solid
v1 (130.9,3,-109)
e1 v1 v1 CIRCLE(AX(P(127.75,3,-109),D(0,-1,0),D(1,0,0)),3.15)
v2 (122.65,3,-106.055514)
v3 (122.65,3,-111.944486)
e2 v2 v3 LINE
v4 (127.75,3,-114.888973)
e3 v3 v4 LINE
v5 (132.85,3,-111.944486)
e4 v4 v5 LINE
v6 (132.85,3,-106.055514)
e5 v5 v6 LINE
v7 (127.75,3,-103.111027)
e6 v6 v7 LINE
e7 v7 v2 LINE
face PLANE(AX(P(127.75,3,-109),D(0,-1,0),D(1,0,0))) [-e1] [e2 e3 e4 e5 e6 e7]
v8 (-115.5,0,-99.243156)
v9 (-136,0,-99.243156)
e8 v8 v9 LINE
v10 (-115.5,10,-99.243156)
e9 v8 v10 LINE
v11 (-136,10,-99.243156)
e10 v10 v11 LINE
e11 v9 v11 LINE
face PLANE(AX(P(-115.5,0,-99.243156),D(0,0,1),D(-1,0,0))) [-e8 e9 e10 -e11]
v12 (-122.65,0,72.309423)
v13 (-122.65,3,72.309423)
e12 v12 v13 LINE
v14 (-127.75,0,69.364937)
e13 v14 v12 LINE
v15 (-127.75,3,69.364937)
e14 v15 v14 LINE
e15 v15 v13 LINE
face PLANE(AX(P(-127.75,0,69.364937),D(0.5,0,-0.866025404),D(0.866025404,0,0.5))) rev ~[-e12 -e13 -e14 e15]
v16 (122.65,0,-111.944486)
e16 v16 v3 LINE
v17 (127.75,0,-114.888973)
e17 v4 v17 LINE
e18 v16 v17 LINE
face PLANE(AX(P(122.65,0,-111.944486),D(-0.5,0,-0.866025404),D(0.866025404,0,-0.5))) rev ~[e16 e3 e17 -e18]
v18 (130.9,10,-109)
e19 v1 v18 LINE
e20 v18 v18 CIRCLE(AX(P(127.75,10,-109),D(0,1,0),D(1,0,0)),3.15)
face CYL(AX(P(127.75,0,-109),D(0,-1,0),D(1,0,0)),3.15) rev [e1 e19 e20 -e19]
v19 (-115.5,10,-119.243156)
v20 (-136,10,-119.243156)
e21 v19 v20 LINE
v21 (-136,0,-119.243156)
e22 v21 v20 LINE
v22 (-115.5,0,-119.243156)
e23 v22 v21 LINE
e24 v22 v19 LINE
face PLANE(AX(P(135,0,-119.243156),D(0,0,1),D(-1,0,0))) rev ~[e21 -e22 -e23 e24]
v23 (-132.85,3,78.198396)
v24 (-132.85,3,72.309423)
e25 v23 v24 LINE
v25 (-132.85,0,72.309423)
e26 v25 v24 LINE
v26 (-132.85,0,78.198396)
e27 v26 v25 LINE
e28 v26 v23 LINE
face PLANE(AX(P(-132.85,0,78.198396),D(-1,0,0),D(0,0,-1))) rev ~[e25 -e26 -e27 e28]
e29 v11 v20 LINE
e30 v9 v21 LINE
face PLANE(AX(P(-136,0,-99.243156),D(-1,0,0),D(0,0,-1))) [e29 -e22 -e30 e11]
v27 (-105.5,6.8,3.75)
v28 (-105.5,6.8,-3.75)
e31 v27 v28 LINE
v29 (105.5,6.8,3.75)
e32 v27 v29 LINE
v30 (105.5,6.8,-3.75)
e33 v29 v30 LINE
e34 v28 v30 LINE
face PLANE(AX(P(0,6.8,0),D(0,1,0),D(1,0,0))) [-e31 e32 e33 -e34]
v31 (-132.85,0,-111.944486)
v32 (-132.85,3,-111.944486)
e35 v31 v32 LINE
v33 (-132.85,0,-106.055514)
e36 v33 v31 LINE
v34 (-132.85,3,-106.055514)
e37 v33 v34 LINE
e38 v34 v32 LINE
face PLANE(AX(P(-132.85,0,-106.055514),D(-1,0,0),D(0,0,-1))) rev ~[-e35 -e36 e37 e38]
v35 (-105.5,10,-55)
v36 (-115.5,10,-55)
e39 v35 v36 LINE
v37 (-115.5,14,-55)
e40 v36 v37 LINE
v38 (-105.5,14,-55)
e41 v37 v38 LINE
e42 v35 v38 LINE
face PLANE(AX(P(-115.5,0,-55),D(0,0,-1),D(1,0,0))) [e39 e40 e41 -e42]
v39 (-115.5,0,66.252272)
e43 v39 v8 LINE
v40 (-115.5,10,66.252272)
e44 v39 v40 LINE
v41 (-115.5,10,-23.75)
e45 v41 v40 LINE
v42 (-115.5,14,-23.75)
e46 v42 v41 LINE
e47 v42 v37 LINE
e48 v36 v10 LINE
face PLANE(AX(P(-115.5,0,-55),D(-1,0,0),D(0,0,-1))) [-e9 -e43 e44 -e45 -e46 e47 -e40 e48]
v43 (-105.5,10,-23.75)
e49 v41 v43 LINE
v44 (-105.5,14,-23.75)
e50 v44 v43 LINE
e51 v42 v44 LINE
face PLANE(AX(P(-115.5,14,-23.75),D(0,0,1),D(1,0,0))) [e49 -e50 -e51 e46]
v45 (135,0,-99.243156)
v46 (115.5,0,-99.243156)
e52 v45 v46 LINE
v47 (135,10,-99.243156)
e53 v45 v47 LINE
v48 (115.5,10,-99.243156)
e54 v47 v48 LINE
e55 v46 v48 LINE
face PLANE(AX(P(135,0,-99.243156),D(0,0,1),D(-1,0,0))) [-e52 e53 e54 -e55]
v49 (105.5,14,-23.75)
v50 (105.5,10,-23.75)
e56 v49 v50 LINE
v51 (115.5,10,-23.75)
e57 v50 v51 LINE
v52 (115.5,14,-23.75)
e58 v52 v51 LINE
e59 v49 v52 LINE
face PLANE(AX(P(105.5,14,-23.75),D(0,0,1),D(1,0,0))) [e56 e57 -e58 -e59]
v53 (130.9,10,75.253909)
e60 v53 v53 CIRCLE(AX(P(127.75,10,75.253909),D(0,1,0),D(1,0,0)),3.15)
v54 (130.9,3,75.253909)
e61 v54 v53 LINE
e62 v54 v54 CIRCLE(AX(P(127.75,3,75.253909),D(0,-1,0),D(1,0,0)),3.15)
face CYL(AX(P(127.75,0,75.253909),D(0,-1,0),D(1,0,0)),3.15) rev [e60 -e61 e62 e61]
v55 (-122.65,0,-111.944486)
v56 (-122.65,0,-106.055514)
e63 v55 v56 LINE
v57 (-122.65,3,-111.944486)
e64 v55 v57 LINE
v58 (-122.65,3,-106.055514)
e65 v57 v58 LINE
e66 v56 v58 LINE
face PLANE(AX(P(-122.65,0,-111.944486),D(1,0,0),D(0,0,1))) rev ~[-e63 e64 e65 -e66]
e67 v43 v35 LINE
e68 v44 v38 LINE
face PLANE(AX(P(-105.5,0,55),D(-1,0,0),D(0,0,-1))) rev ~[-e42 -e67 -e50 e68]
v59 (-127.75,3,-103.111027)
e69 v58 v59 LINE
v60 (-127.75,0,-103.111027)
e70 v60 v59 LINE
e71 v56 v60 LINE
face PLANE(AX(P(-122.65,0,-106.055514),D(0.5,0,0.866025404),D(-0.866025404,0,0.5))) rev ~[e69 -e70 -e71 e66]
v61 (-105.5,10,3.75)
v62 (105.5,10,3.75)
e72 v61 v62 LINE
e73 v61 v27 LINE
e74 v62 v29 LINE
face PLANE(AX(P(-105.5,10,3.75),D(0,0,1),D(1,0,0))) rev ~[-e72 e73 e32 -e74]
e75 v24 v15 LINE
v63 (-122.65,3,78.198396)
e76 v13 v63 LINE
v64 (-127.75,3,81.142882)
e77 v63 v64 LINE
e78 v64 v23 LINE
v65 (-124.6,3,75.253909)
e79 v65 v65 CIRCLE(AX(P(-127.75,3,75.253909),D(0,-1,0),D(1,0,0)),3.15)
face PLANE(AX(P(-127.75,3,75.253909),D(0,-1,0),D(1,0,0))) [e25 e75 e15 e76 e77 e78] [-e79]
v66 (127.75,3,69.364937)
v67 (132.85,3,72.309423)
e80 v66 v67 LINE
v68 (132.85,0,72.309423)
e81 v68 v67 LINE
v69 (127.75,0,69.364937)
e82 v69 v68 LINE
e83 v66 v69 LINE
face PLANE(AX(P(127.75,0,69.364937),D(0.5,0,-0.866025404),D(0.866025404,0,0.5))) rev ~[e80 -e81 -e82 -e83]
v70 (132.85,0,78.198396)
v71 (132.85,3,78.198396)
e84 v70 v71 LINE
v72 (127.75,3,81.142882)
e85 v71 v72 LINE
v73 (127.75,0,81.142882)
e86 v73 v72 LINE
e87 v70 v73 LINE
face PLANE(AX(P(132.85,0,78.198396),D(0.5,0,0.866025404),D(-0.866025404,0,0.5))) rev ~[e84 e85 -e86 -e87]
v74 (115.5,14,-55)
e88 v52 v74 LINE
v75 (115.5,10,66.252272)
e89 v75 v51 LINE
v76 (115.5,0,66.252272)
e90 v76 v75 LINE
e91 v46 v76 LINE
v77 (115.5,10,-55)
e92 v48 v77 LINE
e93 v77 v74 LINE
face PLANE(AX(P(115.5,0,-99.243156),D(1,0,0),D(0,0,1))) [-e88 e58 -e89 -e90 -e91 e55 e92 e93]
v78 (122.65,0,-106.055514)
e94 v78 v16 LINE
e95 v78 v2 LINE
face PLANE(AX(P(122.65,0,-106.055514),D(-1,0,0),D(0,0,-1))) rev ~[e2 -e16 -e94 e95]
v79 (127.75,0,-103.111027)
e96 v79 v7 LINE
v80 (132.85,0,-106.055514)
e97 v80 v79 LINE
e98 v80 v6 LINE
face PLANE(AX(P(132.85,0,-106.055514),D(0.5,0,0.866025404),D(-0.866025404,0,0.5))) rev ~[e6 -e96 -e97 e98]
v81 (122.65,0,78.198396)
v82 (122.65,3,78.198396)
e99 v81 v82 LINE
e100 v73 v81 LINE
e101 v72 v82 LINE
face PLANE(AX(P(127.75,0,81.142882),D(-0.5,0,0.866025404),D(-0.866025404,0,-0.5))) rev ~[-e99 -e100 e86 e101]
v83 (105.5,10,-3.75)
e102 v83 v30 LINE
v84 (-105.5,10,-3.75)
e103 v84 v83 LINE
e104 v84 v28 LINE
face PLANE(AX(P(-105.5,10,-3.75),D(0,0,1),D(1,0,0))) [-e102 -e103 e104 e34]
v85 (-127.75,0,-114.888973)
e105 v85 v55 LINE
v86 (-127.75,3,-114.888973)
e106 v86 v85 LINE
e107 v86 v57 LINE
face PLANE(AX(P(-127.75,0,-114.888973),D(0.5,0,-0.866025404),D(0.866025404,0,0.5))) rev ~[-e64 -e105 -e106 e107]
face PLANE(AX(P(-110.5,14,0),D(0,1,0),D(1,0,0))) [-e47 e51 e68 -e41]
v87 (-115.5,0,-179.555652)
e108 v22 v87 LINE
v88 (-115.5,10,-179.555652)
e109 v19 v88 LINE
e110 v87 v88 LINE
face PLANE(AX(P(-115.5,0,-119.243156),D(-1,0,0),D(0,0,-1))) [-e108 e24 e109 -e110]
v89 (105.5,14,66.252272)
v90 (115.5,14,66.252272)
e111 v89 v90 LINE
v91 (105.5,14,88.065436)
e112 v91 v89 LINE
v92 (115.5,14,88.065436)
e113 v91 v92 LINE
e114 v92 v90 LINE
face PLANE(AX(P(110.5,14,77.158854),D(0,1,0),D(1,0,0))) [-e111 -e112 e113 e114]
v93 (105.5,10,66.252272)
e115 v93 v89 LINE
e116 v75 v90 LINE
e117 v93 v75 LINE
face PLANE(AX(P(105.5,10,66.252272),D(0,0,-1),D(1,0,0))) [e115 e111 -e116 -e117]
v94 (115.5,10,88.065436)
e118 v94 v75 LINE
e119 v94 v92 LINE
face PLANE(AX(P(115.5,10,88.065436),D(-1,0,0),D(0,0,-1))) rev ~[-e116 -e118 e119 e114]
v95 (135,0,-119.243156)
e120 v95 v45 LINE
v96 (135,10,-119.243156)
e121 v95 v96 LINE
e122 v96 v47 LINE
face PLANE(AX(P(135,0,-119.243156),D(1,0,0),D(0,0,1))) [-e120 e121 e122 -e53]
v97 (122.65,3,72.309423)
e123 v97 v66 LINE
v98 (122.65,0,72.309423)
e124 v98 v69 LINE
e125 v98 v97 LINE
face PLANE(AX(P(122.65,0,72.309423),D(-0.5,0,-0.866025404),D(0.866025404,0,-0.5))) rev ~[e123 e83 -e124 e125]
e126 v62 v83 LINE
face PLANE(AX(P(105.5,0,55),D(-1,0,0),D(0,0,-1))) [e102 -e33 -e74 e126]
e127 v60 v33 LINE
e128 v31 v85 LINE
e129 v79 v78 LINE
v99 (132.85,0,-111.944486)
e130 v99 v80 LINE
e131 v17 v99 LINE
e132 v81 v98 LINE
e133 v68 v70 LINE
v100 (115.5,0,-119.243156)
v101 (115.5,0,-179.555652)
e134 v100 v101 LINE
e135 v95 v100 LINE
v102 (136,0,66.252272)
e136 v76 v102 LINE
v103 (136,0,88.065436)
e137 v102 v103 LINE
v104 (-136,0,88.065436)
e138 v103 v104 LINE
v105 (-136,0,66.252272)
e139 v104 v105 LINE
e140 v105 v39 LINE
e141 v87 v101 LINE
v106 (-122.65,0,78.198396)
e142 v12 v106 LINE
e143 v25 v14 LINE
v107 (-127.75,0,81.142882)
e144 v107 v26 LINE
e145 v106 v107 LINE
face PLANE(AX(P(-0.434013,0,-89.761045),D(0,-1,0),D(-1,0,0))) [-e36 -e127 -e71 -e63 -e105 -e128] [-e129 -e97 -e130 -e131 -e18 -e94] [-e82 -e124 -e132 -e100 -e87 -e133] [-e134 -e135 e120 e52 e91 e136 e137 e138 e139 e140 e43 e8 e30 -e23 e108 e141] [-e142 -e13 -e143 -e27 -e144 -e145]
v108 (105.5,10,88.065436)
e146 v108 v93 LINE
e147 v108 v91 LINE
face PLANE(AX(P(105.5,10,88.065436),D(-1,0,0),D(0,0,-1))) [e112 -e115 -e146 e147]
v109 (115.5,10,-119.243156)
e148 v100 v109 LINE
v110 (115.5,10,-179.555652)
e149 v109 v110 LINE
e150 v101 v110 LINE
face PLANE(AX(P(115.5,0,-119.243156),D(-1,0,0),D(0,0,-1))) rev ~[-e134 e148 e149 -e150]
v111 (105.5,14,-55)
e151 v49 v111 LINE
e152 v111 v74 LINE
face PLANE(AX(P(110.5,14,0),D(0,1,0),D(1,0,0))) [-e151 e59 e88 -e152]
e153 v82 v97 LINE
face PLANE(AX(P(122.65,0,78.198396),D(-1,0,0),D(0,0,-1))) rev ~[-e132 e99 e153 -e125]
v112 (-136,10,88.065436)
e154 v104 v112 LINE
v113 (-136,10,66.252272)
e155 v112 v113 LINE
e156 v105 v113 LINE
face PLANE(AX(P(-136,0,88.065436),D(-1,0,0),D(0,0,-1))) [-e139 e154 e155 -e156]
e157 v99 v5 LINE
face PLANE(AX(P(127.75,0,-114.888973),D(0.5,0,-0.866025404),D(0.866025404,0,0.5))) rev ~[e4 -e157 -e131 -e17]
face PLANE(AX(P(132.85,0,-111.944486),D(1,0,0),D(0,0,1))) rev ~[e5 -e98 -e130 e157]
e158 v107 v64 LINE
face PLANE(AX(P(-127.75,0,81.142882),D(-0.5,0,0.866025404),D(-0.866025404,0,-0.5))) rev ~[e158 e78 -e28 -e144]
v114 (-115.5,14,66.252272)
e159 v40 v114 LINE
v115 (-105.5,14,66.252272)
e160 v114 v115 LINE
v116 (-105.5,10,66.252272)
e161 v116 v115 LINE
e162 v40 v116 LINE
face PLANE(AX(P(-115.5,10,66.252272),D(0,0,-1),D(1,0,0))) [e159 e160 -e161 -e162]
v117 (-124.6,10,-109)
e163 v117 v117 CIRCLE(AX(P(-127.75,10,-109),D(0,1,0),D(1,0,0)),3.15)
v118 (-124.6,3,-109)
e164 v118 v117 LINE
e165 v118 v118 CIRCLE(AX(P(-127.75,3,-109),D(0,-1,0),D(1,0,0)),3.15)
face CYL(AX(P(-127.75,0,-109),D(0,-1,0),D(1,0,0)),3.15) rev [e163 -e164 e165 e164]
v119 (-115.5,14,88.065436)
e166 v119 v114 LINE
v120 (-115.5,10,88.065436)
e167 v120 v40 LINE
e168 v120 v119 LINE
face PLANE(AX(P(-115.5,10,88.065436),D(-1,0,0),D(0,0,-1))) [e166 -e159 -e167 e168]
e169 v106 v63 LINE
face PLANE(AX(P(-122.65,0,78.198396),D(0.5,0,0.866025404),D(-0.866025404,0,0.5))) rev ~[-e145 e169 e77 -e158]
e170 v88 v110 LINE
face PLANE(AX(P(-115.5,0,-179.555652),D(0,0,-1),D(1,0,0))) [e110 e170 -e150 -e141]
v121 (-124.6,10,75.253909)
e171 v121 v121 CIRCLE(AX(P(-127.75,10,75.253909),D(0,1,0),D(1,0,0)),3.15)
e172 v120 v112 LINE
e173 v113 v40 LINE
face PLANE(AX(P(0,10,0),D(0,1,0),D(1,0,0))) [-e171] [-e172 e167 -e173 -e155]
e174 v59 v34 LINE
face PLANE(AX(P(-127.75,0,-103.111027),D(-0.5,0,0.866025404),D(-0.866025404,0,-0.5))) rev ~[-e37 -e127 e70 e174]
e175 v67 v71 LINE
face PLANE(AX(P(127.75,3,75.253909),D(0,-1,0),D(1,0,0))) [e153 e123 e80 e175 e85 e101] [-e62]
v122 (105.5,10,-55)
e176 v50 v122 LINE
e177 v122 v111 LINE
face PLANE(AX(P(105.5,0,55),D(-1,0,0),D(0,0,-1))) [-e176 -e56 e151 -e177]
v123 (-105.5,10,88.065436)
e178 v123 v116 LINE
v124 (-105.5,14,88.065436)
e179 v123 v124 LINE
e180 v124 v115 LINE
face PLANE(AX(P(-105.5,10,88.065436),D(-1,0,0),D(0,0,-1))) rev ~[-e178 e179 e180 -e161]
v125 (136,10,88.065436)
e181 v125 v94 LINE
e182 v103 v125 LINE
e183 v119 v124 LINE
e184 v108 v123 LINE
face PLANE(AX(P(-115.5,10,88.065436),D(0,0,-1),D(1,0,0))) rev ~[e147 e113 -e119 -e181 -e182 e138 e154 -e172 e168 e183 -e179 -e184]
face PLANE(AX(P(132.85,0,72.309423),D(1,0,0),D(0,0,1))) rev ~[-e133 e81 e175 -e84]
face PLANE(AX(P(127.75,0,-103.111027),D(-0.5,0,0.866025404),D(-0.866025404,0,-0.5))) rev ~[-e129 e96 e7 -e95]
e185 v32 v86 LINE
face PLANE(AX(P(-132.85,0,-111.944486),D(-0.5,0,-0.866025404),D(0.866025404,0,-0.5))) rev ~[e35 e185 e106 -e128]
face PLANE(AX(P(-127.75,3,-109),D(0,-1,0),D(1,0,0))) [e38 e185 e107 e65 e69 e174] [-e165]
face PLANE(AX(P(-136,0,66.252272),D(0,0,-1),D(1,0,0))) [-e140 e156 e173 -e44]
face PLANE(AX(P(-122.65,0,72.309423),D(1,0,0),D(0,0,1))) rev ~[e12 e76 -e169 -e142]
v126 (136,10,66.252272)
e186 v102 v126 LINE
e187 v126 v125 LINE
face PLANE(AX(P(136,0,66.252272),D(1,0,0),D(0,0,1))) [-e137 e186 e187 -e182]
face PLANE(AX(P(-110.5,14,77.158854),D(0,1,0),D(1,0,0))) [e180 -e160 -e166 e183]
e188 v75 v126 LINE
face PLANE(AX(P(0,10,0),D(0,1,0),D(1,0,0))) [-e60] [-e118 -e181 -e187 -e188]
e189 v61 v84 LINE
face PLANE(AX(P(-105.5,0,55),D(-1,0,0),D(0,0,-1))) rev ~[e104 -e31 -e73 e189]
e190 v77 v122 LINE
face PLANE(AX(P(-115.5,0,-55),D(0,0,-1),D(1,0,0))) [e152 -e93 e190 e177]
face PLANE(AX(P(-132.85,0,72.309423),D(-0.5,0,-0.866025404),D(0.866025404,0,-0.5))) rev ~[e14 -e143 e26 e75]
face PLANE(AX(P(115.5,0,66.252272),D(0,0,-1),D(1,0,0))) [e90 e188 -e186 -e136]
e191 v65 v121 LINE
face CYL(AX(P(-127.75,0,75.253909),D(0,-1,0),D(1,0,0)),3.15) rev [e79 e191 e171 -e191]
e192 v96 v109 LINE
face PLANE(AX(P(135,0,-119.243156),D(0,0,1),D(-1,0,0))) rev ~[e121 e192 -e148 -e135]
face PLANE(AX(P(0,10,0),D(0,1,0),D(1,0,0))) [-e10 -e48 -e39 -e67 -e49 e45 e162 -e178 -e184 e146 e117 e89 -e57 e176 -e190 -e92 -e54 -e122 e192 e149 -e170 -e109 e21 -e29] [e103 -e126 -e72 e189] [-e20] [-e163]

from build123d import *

# Parameters (mm, degrees)
SKETCH1_W           = 211
SKETCH1_H           = 110
BOSS_EXTRUDE1_DEPTH = 10
SKETCH1_3_W         = 10
SKETCH1_3_H         = 110
BOSS_EXTRUDE2_DEPTH = 14
SKETCH5_W           = 211
SKETCH5_H           = 7.5
CUT_EXTRUDE5_DEPTH  = 3.2
SKETCH6_R           = 3.15
BOSS_EXTRUDE3_DEPTH = 10
CUT_EXTRUDE9_DEPTH  = 2
SKETCH11_W          = 10
SKETCH11_H          = 21.813163886
BOSS_EXTRUDE5_DEPTH = 4
SKETCH12_W          = 10
SKETCH12_H          = 78.75
CUT_EXTRUDE10_DEPTH = 4
CUT_EXTRUDE7_DEPTH  = 3
SKETCH13_W          = 231
SKETCH13_H          = 60.312496228
BOSS_EXTRUDE6_DEPTH = 10


with BuildPart() as part:
    # Sketch1 → Boss-Extrude1 (new body)
    with BuildSketch(Plane(origin=(0, 0, 0), x_dir=(1, 0, 0), z_dir=(0, 1, 0))):
        Rectangle(SKETCH1_W, SKETCH1_H)
    extrude(amount=BOSS_EXTRUDE1_DEPTH)

    # Sketch1<3> → Boss-Extrude2 (add)
    with BuildSketch(Plane(origin=(0, 0, 0), x_dir=(1, 0, 0), z_dir=(0, 1, 0))):
        with Locations((-110.5, 0)):
            Rectangle(SKETCH1_3_W, SKETCH1_3_H)
        with Locations((110.5, 0)):
            Rectangle(SKETCH1_3_W, SKETCH1_3_H)
    extrude(amount=BOSS_EXTRUDE2_DEPTH)

    # Sketch5 → Cut-Extrude5 (cut)
    with BuildSketch(Plane(origin=(0, 10, 0), x_dir=(1, 0, 0), z_dir=(0, 1, 0))):
        Rectangle(SKETCH5_W, SKETCH5_H)
    extrude(amount=-CUT_EXTRUDE5_DEPTH, mode=Mode.SUBTRACT)

    # Sketch6 → Boss-Extrude3 (add)
    # profile 1 of 2: a face of its own
    with BuildSketch(Plane(origin=(0, 0, 0), x_dir=(1, 0, 0), z_dir=(0, 1, 0))):
        Polygon((-136, 119.243156134), (-106.5, 119.243156134), (104.5, 119.243156134), (135, 119.243156134), (135, 99.243156134), (115.5, 99.243156134), (115.5, 55), (-115.5, 55), (-115.5, 99.243156134), (-136, 99.243156134), align=None)
        with Locations((-127.75, 109)):
            Circle(SKETCH6_R, mode=Mode.SUBTRACT)
        with Locations((127.75, 109)):
            Circle(SKETCH6_R, mode=Mode.SUBTRACT)
    # profile 2 of 2: a face of its own
    with BuildSketch(Plane(origin=(0, 0, 0), x_dir=(1, 0, 0), z_dir=(0, 1, 0))):
        Polygon((-136, -66.252271661), (-115.5, -66.252271661), (-115.5, -55), (-104.100072783, -55), (104.5, -55), (115.5, -55), (115.5, -66.252271661), (136, -66.252271661), (136, -88.065435547), (-136, -88.065435547), align=None)
        with Locations((-127.75, -75.253909377)):
            Circle(SKETCH6_R, mode=Mode.SUBTRACT)
        with Locations((127.75, -75.253909377)):
            Circle(SKETCH6_R, mode=Mode.SUBTRACT)
    extrude(amount=BOSS_EXTRUDE3_DEPTH)

    # Sketch7<2> → Cut-Extrude9 (cut)
    with BuildSketch(Plane.XZ):
        Polygon((-127.75, 69.364936631), (-122.65, 72.309423004), (-122.65, 78.19839575), (-127.75, 81.142882123), (-132.85, 78.19839575), (-132.85, 72.309423004), align=None)
        Polygon((127.75, 69.364936631), (132.85, 72.309423004), (132.85, 78.19839575), (127.75, 81.142882123), (122.65, 78.19839575), (122.65, 72.309423004), align=None)
        Polygon((-127.75, -114.888972746), (-122.65, -111.944486373), (-122.65, -106.055513627), (-127.75, -103.111027254), (-132.85, -106.055513627), (-132.85, -111.944486373), align=None)
        Polygon((127.75, -114.888972746), (132.85, -111.944486373), (132.85, -106.055513627), (127.75, -103.111027254), (122.65, -106.055513627), (122.65, -111.944486373), align=None)
    extrude(amount=-CUT_EXTRUDE9_DEPTH, mode=Mode.SUBTRACT)

    # Sketch11 → Boss-Extrude5 (add)
    with BuildSketch(Plane(origin=(0, 10, 0), x_dir=(1, 0, 0), z_dir=(0, 1, 0))):
        with Locations((-110.5, -77.158853604)):
            Rectangle(SKETCH11_W, SKETCH11_H)
        with Locations((110.5, -77.158853604)):
            Rectangle(SKETCH11_W, SKETCH11_H)
    extrude(amount=BOSS_EXTRUDE5_DEPTH)

    # Sketch12 → Cut-Extrude10 (cut)
    with BuildSketch(Plane(origin=(0, 14, 0), x_dir=(1, 0, 0), z_dir=(0, 1, 0))):
        with Locations((-110.5, -15.625)):
            Rectangle(SKETCH12_W, SKETCH12_H)
        with Locations((110.5, -15.625)):
            Rectangle(SKETCH12_W, SKETCH12_H)
    extrude(amount=-CUT_EXTRUDE10_DEPTH, mode=Mode.SUBTRACT)

    # Sketch7 → Cut-Extrude7 (cut)
    with BuildSketch(Plane.XZ):
        Polygon((-127.75, 69.364936631), (-122.65, 72.309423004), (-122.65, 78.19839575), (-127.75, 81.142882123), (-132.85, 78.19839575), (-132.85, 72.309423004), align=None)
        Polygon((127.75, 69.364936631), (132.85, 72.309423004), (132.85, 78.19839575), (127.75, 81.142882123), (122.65, 78.19839575), (122.65, 72.309423004), align=None)
        Polygon((-127.75, -114.888972746), (-122.65, -111.944486373), (-122.65, -106.055513627), (-127.75, -103.111027254), (-132.85, -106.055513627), (-132.85, -111.944486373), align=None)
        Polygon((127.75, -114.888972746), (132.85, -111.944486373), (132.85, -106.055513627), (127.75, -103.111027254), (122.65, -106.055513627), (122.65, -111.944486373), align=None)
    extrude(amount=-CUT_EXTRUDE7_DEPTH, mode=Mode.SUBTRACT)

    # Sketch13 → Boss-Extrude6 (add)
    with BuildSketch(Plane(origin=(0, 0, 0), x_dir=(1, 0, 0), z_dir=(0, 1, 0))):
        with Locations((0, 149.399404248)):
            Rectangle(SKETCH13_W, SKETCH13_H)
    extrude(amount=BOSS_EXTRUDE6_DEPTH)


solid = part.part
